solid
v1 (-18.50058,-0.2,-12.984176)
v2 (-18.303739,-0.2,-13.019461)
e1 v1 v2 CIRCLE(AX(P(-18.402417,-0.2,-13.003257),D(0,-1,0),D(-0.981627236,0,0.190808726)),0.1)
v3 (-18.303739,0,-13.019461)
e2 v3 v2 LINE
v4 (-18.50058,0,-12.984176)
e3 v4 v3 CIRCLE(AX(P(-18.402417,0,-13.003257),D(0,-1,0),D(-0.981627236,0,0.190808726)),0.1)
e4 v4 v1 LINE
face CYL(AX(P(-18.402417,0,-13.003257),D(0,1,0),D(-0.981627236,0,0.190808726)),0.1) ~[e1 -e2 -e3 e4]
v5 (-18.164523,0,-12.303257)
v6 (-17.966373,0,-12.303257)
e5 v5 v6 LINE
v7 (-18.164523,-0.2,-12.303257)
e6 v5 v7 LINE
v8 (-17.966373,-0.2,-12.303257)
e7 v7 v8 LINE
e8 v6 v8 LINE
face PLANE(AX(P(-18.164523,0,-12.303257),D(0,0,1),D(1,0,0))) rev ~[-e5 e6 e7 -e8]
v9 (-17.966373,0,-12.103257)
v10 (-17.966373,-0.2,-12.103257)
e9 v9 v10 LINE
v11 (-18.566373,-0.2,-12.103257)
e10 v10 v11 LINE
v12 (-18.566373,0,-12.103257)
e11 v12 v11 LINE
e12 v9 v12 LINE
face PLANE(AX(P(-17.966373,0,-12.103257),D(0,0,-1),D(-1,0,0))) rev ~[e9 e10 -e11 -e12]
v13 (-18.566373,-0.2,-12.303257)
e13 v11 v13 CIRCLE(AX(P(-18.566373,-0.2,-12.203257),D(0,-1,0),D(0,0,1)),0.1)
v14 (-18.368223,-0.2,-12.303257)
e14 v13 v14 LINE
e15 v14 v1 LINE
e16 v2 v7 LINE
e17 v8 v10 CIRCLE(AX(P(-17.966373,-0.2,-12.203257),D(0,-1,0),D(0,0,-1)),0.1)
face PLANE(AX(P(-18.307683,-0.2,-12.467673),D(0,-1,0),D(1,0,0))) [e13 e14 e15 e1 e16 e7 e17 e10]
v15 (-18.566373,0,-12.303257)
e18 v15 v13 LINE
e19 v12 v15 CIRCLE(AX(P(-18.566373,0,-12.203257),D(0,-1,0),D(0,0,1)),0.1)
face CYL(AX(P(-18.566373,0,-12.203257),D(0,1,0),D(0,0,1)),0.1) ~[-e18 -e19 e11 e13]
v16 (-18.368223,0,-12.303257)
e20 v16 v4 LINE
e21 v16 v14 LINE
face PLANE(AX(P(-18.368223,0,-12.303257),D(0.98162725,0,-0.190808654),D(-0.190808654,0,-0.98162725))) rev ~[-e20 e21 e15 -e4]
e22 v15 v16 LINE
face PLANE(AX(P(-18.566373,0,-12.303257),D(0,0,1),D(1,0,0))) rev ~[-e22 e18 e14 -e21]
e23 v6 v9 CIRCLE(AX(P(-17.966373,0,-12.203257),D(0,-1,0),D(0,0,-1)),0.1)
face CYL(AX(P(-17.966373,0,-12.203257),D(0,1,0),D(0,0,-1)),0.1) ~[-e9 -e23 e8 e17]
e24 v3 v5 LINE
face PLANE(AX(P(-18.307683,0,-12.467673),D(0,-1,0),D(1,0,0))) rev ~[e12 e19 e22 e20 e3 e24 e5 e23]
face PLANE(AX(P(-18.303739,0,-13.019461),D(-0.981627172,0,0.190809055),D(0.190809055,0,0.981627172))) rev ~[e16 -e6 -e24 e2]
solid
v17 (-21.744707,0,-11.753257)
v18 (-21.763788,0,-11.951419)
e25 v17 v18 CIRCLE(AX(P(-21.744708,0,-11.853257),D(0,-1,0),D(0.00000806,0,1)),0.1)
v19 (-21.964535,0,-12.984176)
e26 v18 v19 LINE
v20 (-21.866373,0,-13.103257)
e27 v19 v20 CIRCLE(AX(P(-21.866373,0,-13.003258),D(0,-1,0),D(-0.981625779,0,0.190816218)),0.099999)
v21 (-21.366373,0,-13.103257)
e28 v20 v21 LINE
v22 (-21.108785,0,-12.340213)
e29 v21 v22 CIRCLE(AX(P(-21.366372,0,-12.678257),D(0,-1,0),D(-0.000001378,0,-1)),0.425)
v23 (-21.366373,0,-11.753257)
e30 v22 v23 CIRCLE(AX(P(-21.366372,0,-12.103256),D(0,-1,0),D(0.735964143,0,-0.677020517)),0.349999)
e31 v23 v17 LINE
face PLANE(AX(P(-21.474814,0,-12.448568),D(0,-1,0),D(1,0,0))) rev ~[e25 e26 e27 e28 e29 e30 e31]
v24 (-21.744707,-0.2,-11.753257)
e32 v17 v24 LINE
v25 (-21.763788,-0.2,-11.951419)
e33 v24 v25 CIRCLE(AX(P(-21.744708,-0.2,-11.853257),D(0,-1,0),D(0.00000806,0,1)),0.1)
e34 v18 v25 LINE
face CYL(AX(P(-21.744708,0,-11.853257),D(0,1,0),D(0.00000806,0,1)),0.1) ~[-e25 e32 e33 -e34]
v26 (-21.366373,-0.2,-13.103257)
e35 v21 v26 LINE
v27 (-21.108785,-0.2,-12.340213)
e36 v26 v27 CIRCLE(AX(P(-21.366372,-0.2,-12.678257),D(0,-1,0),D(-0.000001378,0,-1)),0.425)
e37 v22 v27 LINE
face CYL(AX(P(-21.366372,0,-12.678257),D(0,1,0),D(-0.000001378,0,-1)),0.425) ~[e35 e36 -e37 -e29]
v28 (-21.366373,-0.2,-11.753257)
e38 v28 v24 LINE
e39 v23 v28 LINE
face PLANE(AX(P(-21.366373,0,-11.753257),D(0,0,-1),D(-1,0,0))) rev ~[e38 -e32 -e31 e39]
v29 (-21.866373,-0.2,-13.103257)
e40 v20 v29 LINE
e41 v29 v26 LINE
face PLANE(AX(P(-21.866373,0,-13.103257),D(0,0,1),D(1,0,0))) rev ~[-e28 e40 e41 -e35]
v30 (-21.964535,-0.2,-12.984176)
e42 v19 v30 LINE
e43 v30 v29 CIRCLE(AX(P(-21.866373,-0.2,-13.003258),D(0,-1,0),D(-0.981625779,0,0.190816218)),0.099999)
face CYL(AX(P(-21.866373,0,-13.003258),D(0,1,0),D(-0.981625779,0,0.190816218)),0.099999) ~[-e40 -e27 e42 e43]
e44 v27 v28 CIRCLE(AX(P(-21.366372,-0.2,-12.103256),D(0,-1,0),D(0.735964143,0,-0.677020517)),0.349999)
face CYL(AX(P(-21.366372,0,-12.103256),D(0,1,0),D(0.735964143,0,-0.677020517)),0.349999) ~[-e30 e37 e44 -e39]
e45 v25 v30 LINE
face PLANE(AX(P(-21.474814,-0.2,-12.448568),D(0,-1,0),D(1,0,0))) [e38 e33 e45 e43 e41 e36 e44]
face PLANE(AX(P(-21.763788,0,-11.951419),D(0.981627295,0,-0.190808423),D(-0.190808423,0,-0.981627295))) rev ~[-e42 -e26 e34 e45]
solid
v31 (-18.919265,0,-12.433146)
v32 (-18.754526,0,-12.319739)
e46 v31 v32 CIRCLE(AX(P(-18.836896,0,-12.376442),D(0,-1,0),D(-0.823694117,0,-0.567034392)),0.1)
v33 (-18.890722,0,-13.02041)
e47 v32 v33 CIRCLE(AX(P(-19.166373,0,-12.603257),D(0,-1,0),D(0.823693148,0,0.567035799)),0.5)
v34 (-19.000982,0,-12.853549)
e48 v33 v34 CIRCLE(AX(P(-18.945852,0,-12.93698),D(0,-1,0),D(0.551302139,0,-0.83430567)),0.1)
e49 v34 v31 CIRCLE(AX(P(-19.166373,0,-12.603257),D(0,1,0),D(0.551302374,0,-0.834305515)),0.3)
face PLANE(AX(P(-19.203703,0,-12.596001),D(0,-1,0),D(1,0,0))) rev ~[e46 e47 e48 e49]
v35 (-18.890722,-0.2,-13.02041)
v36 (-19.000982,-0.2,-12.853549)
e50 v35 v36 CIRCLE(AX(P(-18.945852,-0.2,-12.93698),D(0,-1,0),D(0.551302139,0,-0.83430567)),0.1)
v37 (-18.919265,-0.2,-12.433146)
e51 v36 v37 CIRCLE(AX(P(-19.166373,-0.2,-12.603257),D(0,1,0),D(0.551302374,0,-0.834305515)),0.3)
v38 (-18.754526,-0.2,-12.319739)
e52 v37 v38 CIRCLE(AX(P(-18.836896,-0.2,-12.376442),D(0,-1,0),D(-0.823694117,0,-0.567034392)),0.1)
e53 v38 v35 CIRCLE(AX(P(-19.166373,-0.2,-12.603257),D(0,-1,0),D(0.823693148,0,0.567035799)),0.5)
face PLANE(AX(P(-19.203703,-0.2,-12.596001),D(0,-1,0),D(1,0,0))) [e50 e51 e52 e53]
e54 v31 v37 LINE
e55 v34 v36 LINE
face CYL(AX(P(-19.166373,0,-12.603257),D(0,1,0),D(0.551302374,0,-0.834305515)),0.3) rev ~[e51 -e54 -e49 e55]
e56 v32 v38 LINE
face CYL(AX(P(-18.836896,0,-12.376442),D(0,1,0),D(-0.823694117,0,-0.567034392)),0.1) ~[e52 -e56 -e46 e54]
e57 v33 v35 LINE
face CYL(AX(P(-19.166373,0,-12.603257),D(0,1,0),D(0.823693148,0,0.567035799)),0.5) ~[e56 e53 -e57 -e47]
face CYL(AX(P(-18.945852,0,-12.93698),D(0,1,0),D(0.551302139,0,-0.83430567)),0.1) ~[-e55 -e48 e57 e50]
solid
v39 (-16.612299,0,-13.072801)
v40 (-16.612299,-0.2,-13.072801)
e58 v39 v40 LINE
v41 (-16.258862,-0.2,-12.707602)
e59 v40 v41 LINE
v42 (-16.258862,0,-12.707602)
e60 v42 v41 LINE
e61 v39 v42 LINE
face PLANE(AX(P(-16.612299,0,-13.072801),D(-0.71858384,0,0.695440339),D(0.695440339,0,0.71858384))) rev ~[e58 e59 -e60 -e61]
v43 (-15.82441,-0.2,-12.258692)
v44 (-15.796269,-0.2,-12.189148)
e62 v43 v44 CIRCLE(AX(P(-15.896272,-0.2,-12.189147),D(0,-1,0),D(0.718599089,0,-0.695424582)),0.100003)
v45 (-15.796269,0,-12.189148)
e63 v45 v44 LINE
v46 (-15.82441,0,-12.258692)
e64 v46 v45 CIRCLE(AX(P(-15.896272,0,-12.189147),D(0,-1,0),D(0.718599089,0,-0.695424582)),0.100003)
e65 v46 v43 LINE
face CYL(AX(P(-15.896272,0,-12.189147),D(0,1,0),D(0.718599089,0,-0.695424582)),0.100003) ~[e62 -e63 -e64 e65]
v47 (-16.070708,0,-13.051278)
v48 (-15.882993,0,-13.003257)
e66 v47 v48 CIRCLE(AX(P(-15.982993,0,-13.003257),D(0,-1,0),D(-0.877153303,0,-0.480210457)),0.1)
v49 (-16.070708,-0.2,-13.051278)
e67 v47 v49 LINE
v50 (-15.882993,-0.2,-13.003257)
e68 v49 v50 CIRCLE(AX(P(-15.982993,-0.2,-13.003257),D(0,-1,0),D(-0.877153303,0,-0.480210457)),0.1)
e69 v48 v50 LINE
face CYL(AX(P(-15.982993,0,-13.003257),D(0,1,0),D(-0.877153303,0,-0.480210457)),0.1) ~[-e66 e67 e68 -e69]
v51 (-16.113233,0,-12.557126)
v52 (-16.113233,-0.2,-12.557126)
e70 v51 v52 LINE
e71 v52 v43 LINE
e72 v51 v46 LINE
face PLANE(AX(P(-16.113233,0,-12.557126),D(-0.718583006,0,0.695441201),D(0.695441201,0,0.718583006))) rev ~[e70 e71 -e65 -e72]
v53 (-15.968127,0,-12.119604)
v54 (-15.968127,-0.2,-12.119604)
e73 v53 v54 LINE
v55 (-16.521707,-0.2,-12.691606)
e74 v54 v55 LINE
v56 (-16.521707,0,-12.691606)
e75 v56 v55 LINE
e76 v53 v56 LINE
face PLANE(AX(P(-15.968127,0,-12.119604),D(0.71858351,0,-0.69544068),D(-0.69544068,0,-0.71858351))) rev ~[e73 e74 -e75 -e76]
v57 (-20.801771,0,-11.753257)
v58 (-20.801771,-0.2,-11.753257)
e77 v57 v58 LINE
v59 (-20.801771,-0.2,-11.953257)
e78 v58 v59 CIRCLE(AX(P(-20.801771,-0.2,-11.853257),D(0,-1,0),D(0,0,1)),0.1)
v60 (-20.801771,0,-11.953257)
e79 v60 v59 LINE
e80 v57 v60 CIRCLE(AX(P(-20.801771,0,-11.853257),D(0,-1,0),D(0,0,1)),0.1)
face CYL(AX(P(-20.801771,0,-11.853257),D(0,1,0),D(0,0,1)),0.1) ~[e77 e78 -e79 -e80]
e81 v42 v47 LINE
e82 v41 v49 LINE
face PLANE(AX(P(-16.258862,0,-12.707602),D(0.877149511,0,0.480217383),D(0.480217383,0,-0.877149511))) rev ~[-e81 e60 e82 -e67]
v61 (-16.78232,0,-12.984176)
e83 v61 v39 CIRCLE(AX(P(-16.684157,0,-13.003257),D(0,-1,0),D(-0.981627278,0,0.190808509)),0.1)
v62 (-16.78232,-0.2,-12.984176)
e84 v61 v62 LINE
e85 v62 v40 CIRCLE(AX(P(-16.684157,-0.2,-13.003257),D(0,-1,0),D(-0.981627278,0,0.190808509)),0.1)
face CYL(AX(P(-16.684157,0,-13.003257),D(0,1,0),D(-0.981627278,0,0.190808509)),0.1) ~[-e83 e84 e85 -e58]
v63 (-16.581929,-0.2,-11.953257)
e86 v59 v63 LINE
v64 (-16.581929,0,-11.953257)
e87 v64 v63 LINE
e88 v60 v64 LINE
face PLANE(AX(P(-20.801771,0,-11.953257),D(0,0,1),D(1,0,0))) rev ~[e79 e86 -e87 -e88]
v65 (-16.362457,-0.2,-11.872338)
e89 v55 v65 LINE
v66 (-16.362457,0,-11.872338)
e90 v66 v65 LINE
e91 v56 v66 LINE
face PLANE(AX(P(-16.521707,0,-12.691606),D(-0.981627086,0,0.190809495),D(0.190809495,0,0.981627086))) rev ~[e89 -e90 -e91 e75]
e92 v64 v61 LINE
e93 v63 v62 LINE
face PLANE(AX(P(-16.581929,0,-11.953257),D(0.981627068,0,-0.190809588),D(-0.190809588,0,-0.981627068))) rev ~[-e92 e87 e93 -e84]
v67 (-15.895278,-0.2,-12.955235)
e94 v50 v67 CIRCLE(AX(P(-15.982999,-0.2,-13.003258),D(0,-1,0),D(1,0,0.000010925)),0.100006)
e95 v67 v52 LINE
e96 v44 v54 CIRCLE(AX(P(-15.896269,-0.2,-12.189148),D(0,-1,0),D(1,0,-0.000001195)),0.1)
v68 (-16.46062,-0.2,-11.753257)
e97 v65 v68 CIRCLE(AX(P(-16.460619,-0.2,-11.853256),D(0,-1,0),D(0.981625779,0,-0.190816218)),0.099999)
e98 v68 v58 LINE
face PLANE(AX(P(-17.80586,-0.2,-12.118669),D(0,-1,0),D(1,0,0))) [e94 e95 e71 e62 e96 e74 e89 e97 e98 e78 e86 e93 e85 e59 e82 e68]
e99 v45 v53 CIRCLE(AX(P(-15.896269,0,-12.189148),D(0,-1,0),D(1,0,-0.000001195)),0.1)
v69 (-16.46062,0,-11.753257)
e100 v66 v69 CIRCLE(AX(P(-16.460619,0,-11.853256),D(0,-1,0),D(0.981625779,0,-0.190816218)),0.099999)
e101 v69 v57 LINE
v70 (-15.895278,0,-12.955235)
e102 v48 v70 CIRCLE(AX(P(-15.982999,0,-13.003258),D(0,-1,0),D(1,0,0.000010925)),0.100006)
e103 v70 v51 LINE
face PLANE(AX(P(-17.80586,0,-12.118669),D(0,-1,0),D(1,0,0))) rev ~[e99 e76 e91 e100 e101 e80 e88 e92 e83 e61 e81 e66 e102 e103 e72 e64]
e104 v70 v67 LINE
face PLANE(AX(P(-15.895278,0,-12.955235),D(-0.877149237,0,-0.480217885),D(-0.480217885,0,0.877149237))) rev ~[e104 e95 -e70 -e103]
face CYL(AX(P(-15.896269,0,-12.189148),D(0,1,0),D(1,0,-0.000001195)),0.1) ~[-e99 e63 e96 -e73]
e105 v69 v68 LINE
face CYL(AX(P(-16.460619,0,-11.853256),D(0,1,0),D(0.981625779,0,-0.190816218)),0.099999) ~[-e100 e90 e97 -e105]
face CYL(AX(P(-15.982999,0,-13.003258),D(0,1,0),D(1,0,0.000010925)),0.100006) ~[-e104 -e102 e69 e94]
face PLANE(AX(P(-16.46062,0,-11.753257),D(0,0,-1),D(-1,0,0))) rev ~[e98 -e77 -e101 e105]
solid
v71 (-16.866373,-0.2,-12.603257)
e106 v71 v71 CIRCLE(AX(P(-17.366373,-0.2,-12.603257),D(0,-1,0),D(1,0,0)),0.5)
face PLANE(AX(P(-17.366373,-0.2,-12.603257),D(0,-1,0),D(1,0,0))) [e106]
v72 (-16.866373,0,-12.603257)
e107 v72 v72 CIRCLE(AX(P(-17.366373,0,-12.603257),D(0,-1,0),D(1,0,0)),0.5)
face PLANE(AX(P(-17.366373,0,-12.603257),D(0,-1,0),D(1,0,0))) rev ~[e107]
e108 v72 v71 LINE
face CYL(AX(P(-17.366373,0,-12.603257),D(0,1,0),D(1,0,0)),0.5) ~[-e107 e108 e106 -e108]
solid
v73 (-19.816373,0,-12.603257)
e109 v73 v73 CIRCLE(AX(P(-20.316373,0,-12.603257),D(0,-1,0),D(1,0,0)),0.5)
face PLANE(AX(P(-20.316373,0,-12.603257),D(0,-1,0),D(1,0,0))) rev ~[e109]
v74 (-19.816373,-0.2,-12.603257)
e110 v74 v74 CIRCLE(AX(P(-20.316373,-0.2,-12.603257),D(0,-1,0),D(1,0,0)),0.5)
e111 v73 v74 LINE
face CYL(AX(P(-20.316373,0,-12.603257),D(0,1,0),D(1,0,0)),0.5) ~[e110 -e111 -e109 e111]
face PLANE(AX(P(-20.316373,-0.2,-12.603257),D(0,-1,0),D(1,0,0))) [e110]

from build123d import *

# Parameters (mm, degrees)
F0_R     = 0.5
F0_R_2   = 0.3
F1_DEPTH = 0.2


with BuildPart() as f1:
    # F0 (on Front) → F1 (new body)
    with BuildSketch(Plane.XZ):
        with Locations((-20.316373, -12.603257)):
            Circle(F0_R)
        with Locations((-20.316373, -12.603257)):
            Circle(F0_R_2, mode=Mode.SUBTRACT)
        with Locations((-17.366373, -12.603257)):
            Circle(F0_R)
        with Locations((-17.366373, -12.603257)):
            Circle(F0_R_2, mode=Mode.SUBTRACT)
        with BuildLine():
            ThreePointArc((-16.78232, -12.984176), (-16.674572, -12.903717), (-16.584157, -13.003257))
            ThreePointArc((-16.584157, -13.003257), (-16.591459, -13.040768), (-16.612299, -13.072801))
            Line((-16.612299, -13.072801), (-16.258862, -12.707602))
            Line((-16.258862, -12.707602), (-16.070708, -13.051278))
            ThreePointArc((-16.070708, -13.051278), (-16.031015, -12.915542), (-15.895278, -12.955235))
            Line((-15.895278, -12.955235), (-16.113233, -12.557126))
            Line((-16.113233, -12.557126), (-15.82441, -12.258692))
            ThreePointArc((-15.82441, -12.258692), (-15.965813, -12.261006), (-15.968127, -12.119604))
            Line((-15.968127, -12.119604), (-16.521707, -12.691606))
            Line((-16.521707, -12.691606), (-16.362457, -11.872338))
            ThreePointArc((-16.362457, -11.872338), (-16.383457, -11.789649), (-16.46062, -11.753257))
            Line((-16.46062, -11.753257), (-20.801771, -11.753257))
            ThreePointArc((-20.801771, -11.753257), (-20.901771, -11.853257), (-20.801771, -11.953257))
            Line((-20.801771, -11.953257), (-16.581929, -11.953257))
            Line((-16.581929, -11.953257), (-16.78232, -12.984176))
        make_face()
        with BuildLine():
            Line((-21.366373, -11.753257), (-21.744707, -11.753257))
            ThreePointArc((-21.744707, -11.753257), (-21.844247, -11.843672), (-21.763788, -11.951419))
            Line((-21.763788, -11.951419), (-21.964535, -12.984176))
            ThreePointArc((-21.964535, -12.984176), (-21.943535, -13.066865), (-21.866373, -13.103257))
            Line((-21.866373, -13.103257), (-21.366373, -13.103257))
            ThreePointArc((-21.366373, -13.103257), (-20.963698, -12.814192), (-21.108785, -12.340213))
            ThreePointArc((-21.108785, -12.340213), (-21.045877, -11.962606), (-21.366373, -11.753257))
        make_face()
        with BuildLine():
            ThreePointArc((-21.366373, -12.453257), (-21.141373, -12.678257), (-21.366373, -12.903257))
            Line((-21.366373, -12.903257), (-21.745063, -12.903257))
            Line((-21.745063, -12.903257), (-21.657592, -12.453257))
            Line((-21.657592, -12.453257), (-21.366373, -12.453257))
        make_face(mode=Mode.SUBTRACT)
        with BuildLine():
            ThreePointArc((-21.366373, -11.953257), (-21.216373, -12.103257), (-21.366373, -12.253257))
            Line((-21.366373, -12.253257), (-21.618716, -12.253257))
            Line((-21.618716, -12.253257), (-21.560402, -11.953257))
            Line((-21.560402, -11.953257), (-21.366373, -11.953257))
        make_face(mode=Mode.SUBTRACT)
        with BuildLine():
            Line((-17.966373, -12.103257), (-18.566373, -12.103257))
            ThreePointArc((-18.566373, -12.103257), (-18.666373, -12.203257), (-18.566373, -12.303257))
            Line((-18.566373, -12.303257), (-18.368223, -12.303257))
            Line((-18.368223, -12.303257), (-18.50058, -12.984176))
            ThreePointArc((-18.50058, -12.984176), (-18.420061, -13.101688), (-18.303739, -13.019461))
            Line((-18.303739, -13.019461), (-18.164523, -12.303257))
            Line((-18.164523, -12.303257), (-17.966373, -12.303257))
            ThreePointArc((-17.966373, -12.303257), (-17.866373, -12.203257), (-17.966373, -12.103257))
        make_face()
        with Locations((-17.366373, -12.603257)):
            Circle(F0_R_2)
        with BuildLine():
            Line((-21.618716, -12.253257), (-21.366373, -12.253257))
            ThreePointArc((-21.366373, -12.253257), (-21.216373, -12.103257), (-21.366373, -11.953257))
            Line((-21.366373, -11.953257), (-21.560402, -11.953257))
            Line((-21.560402, -11.953257), (-21.618716, -12.253257))
        make_face()
        with BuildLine():
            Line((-21.745063, -12.903257), (-21.366373, -12.903257))
            ThreePointArc((-21.366373, -12.903257), (-21.141373, -12.678257), (-21.366373, -12.453257))
            Line((-21.366373, -12.453257), (-21.657592, -12.453257))
            Line((-21.657592, -12.453257), (-21.745063, -12.903257))
        make_face()
        with Locations((-20.316373, -12.603257)):
            Circle(F0_R_2)
        with BuildLine():
            ThreePointArc((-18.919265, -12.433146), (-18.780192, -12.458812), (-18.754526, -12.319739))
            ThreePointArc((-18.754526, -12.319739), (-19.657186, -12.507852), (-18.890722, -13.02041))
            ThreePointArc((-18.890722, -13.02041), (-18.862422, -12.881849), (-19.000982, -12.853549))
            ThreePointArc((-19.000982, -12.853549), (-19.460861, -12.546014), (-18.919265, -12.433146))
        make_face()
        with BuildLine():
            ThreePointArc((-15.895278, -12.955235), (-16.031015, -12.915542), (-16.070708, -13.051278))
            ThreePointArc((-16.070708, -13.051278), (-15.958209, -13.100137), (-15.882993, -13.003257))
            ThreePointArc((-15.882993, -13.003257), (-15.886113, -12.978473), (-15.895278, -12.955235))
        make_face()
        with BuildLine():
            ThreePointArc((-15.968127, -12.119604), (-15.965813, -12.261006), (-15.82441, -12.258692))
            ThreePointArc((-15.82441, -12.258692), (-15.803571, -12.226659), (-15.796269, -12.189148))
            ThreePointArc((-15.796269, -12.189148), (-15.858758, -12.09645), (-15.968127, -12.119604))
        make_face()
        with BuildLine():
            ThreePointArc((-16.612299, -13.072801), (-16.591459, -13.040768), (-16.584157, -13.003257))
            ThreePointArc((-16.584157, -13.003257), (-16.674572, -12.903717), (-16.78232, -12.984176))
            ThreePointArc((-16.78232, -12.984176), (-16.73038, -13.091933), (-16.612299, -13.072801))
        make_face()
    extrude(amount=F1_DEPTH)


solid = f1.part
